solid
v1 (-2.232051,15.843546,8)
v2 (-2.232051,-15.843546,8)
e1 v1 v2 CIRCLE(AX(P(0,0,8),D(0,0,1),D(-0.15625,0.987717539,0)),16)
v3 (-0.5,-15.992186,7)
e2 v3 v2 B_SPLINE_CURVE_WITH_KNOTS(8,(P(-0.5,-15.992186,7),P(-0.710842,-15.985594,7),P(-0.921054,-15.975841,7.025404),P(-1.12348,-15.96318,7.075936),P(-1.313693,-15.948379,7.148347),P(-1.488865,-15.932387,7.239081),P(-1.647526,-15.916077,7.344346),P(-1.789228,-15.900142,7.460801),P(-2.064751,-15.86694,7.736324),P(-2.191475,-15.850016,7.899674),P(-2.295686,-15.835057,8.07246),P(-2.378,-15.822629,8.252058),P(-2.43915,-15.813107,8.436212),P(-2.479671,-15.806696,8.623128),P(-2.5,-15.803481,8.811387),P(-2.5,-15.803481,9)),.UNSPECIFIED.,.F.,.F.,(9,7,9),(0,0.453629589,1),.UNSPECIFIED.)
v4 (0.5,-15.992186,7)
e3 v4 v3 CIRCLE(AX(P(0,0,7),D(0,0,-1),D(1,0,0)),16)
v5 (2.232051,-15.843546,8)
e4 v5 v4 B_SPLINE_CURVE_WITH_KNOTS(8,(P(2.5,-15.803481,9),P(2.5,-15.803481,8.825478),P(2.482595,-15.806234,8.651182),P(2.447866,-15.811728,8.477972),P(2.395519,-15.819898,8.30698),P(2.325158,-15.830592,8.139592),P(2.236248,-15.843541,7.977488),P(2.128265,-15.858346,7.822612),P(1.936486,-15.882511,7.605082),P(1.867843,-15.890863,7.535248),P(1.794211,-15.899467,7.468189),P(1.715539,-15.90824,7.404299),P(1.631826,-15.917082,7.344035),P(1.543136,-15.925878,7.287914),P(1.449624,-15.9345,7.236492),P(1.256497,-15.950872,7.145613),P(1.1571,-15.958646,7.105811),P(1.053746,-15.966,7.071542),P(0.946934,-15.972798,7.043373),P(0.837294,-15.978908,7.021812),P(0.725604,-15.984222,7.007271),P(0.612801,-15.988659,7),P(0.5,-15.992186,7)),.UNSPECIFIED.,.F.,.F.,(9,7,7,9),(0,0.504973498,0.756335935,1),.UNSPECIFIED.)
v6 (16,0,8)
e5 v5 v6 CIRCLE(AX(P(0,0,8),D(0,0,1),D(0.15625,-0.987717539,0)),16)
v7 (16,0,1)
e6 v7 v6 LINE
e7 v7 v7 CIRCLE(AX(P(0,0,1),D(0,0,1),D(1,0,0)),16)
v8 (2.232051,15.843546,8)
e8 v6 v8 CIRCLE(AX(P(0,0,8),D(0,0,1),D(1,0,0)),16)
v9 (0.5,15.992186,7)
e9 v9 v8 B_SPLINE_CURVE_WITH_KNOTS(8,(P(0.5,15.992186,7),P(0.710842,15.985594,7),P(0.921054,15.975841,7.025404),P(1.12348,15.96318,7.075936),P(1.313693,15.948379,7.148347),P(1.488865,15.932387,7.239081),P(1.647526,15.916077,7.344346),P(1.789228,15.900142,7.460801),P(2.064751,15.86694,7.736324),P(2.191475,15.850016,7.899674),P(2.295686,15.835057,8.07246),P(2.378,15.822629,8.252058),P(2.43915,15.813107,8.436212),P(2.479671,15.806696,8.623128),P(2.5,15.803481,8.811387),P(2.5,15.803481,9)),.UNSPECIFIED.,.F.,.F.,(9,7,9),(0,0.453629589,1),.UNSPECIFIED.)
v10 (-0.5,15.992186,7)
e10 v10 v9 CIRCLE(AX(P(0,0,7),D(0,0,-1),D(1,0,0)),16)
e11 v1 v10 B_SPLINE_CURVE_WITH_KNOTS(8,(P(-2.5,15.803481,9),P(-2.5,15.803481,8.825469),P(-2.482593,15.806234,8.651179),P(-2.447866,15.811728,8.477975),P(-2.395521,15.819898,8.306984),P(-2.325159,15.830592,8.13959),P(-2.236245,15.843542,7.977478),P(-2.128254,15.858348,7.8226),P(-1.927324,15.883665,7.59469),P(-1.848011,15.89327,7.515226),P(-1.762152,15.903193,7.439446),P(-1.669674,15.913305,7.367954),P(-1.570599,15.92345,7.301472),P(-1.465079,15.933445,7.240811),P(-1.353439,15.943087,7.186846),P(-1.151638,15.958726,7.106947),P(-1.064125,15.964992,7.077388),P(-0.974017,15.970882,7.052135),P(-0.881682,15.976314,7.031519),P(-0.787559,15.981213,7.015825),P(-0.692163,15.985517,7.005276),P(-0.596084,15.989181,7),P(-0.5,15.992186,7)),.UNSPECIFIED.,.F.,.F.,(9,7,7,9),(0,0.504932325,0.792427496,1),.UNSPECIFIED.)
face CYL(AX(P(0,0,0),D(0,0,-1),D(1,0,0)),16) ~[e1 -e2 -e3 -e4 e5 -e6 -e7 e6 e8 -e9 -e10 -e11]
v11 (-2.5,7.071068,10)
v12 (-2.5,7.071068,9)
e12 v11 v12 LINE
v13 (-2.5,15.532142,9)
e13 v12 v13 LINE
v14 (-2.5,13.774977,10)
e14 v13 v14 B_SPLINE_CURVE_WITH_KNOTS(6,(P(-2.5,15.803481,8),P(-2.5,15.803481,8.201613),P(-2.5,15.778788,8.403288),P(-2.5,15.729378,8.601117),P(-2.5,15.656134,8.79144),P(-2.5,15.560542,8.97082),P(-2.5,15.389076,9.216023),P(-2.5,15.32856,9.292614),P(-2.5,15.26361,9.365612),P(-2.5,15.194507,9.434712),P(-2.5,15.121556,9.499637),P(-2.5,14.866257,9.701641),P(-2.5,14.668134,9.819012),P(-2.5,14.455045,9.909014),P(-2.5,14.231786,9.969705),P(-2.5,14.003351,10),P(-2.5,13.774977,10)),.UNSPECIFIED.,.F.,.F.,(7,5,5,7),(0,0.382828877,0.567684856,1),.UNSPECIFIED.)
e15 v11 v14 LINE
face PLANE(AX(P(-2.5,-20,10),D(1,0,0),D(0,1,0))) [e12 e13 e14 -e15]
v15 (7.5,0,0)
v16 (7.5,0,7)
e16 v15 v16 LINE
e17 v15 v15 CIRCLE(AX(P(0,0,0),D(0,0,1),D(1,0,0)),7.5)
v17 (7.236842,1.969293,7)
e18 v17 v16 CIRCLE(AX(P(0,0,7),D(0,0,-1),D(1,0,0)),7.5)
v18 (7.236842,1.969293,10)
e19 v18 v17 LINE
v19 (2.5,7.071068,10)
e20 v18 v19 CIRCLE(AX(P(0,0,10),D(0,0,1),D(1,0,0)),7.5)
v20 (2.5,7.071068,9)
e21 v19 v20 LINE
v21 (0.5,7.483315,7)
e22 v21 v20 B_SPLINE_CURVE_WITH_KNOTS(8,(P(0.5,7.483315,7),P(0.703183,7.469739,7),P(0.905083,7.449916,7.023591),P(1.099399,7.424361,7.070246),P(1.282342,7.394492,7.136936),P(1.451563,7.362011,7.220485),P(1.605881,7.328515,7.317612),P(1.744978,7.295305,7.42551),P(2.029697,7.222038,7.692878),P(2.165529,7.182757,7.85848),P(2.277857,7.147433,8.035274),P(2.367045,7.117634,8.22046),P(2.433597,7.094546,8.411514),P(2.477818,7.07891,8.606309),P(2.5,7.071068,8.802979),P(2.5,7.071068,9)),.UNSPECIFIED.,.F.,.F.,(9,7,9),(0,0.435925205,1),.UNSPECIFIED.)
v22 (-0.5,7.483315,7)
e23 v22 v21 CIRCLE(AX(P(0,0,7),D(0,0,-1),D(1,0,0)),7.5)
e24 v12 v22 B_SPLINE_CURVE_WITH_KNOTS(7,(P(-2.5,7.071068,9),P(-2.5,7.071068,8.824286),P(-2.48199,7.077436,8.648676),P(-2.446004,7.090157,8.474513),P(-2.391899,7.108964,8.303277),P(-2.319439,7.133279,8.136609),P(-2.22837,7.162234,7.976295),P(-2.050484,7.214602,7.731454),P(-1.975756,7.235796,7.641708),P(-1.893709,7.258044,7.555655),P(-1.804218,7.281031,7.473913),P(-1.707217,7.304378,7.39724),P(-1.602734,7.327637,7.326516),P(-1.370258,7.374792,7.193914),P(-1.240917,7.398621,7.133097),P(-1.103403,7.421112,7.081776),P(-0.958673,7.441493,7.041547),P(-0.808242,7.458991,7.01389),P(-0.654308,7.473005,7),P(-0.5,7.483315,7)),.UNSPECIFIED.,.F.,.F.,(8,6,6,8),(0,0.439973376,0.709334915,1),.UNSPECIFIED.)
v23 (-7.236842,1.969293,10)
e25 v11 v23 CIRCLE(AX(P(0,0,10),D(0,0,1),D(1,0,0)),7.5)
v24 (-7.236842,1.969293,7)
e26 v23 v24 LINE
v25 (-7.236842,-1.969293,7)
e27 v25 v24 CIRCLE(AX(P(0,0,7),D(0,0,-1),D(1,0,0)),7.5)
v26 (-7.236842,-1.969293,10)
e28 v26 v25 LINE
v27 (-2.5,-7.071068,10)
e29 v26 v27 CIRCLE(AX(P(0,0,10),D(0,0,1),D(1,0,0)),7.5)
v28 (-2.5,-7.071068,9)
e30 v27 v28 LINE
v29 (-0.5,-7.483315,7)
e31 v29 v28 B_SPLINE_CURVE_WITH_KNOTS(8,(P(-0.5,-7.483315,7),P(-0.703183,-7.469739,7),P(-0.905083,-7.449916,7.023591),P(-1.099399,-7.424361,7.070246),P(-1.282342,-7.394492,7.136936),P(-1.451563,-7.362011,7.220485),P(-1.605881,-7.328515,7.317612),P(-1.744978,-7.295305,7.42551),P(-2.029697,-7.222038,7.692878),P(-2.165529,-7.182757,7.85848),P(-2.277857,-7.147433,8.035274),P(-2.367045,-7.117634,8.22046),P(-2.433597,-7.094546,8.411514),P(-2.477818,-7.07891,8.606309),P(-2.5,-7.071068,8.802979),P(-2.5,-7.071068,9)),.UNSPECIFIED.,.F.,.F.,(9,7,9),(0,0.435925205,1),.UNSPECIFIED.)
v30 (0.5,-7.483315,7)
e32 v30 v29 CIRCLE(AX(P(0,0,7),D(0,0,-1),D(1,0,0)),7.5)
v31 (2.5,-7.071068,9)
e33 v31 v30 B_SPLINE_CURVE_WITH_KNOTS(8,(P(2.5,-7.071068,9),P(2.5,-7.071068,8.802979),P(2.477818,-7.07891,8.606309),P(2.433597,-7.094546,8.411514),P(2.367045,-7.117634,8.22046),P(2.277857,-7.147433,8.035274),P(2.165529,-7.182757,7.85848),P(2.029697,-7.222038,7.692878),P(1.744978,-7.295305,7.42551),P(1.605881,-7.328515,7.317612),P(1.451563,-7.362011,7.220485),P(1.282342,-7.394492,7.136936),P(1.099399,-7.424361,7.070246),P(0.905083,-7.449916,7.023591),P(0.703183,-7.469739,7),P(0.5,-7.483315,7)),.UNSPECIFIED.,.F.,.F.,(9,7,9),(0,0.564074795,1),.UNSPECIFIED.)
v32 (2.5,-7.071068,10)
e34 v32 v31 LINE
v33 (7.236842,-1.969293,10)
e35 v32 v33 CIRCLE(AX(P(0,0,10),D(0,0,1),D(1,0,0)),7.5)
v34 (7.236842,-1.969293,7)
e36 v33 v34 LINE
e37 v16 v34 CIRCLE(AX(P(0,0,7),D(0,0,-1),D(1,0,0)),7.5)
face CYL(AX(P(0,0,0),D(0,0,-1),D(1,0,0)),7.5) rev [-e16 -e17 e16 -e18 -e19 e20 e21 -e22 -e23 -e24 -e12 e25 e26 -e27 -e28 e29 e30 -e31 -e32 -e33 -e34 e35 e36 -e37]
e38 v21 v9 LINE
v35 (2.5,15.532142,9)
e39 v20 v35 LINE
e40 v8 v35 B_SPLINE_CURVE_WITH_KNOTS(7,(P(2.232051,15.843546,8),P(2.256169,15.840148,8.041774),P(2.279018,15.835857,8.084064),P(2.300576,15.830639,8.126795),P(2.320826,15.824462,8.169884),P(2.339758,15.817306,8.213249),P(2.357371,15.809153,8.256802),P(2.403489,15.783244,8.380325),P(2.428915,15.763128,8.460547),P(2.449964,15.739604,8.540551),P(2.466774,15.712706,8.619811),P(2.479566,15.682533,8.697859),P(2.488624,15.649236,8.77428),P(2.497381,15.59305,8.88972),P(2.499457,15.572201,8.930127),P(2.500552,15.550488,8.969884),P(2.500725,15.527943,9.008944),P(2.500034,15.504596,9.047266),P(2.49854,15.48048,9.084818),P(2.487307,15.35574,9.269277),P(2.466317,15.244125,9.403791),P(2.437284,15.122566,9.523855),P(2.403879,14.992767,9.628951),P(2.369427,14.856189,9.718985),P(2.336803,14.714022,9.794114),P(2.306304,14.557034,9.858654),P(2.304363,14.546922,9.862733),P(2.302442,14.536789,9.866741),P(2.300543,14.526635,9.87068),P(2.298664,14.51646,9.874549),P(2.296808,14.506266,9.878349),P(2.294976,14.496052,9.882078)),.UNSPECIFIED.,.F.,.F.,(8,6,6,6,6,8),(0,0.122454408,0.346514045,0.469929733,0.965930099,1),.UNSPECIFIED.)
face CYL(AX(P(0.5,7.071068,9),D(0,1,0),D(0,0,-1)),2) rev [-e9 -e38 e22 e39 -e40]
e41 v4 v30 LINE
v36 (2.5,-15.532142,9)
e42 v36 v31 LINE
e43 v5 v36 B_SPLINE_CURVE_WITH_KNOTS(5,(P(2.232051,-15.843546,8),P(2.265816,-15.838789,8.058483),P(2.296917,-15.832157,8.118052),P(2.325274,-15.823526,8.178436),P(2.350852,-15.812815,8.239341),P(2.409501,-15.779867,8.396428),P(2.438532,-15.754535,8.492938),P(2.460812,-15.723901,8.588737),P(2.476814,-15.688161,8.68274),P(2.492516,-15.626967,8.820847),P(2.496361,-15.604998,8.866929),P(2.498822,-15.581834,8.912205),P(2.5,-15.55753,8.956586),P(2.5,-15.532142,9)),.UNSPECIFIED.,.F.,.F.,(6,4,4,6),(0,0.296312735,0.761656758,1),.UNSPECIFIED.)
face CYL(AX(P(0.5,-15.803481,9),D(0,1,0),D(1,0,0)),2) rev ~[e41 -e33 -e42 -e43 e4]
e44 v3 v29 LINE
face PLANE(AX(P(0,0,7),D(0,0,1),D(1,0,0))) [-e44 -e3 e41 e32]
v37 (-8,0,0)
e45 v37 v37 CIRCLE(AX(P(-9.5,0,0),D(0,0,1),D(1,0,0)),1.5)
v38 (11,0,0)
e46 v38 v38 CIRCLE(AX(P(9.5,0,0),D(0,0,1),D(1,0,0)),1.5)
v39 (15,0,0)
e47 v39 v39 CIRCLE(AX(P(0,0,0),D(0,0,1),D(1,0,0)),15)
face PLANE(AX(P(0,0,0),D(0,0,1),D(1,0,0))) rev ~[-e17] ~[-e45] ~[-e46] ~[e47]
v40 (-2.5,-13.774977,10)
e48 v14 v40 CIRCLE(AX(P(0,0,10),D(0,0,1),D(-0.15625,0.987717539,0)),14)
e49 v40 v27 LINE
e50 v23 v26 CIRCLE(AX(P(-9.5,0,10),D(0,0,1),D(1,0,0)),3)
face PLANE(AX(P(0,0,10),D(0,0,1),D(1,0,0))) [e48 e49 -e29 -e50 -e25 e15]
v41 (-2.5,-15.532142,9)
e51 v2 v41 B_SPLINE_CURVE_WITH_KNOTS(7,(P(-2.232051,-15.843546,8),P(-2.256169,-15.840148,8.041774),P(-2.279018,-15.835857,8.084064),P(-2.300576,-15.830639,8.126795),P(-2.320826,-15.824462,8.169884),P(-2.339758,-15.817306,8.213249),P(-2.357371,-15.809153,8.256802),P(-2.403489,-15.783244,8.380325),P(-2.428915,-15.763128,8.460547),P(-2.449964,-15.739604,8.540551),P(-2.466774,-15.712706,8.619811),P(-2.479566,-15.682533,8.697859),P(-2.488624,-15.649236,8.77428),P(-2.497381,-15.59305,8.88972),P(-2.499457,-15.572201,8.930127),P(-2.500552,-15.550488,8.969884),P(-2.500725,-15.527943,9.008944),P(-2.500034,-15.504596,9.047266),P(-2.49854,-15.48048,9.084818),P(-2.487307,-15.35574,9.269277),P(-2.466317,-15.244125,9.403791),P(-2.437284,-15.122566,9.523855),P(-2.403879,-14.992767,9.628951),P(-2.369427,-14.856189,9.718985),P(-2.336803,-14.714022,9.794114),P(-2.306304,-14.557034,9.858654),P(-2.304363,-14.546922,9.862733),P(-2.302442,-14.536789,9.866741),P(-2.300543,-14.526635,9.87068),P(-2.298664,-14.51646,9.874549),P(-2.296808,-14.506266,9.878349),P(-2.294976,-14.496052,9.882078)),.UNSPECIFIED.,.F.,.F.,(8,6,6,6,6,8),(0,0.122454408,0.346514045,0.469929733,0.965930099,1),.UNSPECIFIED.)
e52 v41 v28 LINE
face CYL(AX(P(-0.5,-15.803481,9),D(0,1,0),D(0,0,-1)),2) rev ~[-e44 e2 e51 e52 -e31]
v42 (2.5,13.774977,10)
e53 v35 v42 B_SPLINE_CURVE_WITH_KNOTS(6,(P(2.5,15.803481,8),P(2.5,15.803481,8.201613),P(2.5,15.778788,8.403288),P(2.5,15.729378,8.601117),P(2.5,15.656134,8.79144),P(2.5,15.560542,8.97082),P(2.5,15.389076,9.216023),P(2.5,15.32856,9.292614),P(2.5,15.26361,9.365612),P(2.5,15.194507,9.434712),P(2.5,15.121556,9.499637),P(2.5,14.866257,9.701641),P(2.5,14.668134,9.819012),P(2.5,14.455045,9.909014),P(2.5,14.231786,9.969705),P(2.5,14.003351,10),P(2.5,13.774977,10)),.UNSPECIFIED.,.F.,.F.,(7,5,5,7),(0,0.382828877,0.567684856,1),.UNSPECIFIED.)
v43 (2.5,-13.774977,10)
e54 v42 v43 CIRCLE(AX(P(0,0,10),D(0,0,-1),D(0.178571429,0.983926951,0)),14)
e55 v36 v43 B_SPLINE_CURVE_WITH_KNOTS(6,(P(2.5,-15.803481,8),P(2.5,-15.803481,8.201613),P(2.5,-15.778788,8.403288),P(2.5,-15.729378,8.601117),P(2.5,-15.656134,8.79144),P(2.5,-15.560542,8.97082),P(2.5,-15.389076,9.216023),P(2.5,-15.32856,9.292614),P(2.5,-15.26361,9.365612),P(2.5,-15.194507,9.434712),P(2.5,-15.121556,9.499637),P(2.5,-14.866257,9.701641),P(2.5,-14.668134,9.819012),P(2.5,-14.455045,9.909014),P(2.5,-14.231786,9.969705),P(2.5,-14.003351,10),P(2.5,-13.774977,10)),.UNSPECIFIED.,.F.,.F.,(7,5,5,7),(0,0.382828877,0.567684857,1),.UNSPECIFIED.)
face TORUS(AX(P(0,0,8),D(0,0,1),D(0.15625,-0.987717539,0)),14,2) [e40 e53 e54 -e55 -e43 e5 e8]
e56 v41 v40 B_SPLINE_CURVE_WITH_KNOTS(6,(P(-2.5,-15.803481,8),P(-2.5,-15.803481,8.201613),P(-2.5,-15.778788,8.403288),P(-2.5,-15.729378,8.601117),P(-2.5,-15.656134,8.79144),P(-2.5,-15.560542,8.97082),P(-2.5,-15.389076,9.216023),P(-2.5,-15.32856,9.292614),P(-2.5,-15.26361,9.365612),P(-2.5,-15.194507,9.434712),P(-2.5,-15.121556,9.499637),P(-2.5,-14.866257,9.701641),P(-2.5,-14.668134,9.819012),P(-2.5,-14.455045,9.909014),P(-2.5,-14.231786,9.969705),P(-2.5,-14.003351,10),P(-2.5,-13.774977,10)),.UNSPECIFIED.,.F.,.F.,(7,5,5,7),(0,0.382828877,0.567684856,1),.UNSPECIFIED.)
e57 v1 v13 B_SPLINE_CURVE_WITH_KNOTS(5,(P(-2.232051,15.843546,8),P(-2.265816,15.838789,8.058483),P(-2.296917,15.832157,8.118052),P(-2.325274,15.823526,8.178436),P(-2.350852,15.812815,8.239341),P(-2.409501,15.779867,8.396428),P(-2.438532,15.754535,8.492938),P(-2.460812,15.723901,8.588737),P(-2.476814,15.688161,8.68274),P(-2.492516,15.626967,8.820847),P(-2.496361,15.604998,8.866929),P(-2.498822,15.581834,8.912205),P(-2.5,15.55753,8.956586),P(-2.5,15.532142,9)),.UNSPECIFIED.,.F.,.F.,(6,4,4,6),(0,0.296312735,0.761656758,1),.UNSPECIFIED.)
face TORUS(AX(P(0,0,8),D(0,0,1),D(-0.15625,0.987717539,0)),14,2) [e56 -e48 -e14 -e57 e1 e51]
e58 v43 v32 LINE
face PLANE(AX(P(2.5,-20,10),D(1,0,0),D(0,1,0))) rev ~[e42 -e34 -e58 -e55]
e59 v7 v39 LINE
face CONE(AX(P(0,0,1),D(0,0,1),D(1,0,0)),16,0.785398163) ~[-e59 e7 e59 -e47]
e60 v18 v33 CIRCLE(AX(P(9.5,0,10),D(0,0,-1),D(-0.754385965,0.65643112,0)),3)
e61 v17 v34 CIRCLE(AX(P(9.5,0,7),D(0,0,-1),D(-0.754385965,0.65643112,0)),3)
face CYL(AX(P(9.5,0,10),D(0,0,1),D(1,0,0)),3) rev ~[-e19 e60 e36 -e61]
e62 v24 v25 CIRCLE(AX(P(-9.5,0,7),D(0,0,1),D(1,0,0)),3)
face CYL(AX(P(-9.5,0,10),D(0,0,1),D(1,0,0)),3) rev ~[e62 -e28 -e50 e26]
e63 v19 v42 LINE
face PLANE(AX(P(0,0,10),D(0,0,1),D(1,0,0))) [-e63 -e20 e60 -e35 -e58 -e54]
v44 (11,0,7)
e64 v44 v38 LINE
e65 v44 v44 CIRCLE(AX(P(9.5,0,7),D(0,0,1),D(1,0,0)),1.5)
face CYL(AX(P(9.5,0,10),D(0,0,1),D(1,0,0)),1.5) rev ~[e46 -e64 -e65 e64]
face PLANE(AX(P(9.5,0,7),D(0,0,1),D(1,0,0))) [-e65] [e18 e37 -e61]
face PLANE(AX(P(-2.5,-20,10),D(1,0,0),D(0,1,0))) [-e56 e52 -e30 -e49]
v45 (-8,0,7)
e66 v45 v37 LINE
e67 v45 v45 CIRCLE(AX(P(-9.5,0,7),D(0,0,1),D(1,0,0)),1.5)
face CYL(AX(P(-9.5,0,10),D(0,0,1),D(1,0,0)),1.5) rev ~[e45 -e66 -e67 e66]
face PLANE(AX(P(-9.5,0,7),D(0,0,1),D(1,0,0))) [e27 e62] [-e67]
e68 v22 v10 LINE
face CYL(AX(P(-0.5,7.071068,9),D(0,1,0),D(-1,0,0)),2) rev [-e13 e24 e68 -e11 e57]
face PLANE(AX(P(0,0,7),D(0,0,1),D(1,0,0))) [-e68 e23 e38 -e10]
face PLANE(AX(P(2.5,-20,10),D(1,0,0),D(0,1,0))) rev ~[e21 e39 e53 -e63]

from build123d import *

# Parameters (mm, degrees)
SKETCH_R        = 16
SKETCH_R_2      = 7.5
PAD_DEPTH       = 10
SKETCH001_R     = 1.5
POCKET_DEPTH    = 10.001
SKETCH002_W     = 5
SKETCH002_H     = 40
POCKET001_DEPTH = 3
FILLET_R        = 2
FILLET001_R     = 2
CHAMFER_SIZE    = 1
SKETCH003_R     = 3
POCKET002_DEPTH = 3


with BuildPart() as part:
    # Sketch → Pad (new body)
    with BuildSketch(Plane.XY):
        Circle(SKETCH_R)
        Circle(SKETCH_R_2, mode=Mode.SUBTRACT)
    extrude(amount=PAD_DEPTH)

    # Sketch001 (on Face4 of Pad) → Pocket (cut, through all)
    with BuildSketch(Plane.XY.offset(10)):
        with Locations((9.5, 0)):
            Circle(SKETCH001_R)
        with Locations((-9.5, 0)):
            Circle(SKETCH001_R)
    extrude(amount=-POCKET_DEPTH, mode=Mode.SUBTRACT)

    # Sketch002 (on Face3 of Pocket) → Pocket001 (cut)
    with BuildSketch(Plane.XY.offset(10)):
        Rectangle(SKETCH002_W, SKETCH002_H)
    extrude(amount=-POCKET001_DEPTH, mode=Mode.SUBTRACT)

    # Fillet
    fillet_edges = [part.edges().sort_by_distance(p)[0] for p in [
        (-2.5, 11.437274, 7),
        (2.5, 11.437274, 7),
        (2.5, -11.437274, 7),
        (-2.5, -11.437274, 7),
    ]]
    fillet(fillet_edges, radius=FILLET_R)

    # Fillet001
    fillet001_edges = [part.edges().sort_by_distance(p)[0] for p in [
        (12.165525, -10.392305, 10),
        (12.165525, 10.392305, 10),
        (-16, 0, 10),
    ]]
    fillet(fillet001_edges, radius=FILLET001_R)

    # Chamfer
    chamfer_edges = [part.edges().sort_by_distance(p)[0] for p in [
        (-16, 0, 0),
    ]]
    chamfer(chamfer_edges, length=CHAMFER_SIZE)

    # Sketch003 (on Face19 of Chamfer) → Pocket002 (cut)
    with BuildSketch(Plane.XY.offset(10)):
        with Locations((-9.5, 0)):
            Circle(SKETCH003_R)
        with Locations((9.5, 0)):
            Circle(SKETCH003_R)
    extrude(amount=-POCKET002_DEPTH, mode=Mode.SUBTRACT)


solid = part.part
